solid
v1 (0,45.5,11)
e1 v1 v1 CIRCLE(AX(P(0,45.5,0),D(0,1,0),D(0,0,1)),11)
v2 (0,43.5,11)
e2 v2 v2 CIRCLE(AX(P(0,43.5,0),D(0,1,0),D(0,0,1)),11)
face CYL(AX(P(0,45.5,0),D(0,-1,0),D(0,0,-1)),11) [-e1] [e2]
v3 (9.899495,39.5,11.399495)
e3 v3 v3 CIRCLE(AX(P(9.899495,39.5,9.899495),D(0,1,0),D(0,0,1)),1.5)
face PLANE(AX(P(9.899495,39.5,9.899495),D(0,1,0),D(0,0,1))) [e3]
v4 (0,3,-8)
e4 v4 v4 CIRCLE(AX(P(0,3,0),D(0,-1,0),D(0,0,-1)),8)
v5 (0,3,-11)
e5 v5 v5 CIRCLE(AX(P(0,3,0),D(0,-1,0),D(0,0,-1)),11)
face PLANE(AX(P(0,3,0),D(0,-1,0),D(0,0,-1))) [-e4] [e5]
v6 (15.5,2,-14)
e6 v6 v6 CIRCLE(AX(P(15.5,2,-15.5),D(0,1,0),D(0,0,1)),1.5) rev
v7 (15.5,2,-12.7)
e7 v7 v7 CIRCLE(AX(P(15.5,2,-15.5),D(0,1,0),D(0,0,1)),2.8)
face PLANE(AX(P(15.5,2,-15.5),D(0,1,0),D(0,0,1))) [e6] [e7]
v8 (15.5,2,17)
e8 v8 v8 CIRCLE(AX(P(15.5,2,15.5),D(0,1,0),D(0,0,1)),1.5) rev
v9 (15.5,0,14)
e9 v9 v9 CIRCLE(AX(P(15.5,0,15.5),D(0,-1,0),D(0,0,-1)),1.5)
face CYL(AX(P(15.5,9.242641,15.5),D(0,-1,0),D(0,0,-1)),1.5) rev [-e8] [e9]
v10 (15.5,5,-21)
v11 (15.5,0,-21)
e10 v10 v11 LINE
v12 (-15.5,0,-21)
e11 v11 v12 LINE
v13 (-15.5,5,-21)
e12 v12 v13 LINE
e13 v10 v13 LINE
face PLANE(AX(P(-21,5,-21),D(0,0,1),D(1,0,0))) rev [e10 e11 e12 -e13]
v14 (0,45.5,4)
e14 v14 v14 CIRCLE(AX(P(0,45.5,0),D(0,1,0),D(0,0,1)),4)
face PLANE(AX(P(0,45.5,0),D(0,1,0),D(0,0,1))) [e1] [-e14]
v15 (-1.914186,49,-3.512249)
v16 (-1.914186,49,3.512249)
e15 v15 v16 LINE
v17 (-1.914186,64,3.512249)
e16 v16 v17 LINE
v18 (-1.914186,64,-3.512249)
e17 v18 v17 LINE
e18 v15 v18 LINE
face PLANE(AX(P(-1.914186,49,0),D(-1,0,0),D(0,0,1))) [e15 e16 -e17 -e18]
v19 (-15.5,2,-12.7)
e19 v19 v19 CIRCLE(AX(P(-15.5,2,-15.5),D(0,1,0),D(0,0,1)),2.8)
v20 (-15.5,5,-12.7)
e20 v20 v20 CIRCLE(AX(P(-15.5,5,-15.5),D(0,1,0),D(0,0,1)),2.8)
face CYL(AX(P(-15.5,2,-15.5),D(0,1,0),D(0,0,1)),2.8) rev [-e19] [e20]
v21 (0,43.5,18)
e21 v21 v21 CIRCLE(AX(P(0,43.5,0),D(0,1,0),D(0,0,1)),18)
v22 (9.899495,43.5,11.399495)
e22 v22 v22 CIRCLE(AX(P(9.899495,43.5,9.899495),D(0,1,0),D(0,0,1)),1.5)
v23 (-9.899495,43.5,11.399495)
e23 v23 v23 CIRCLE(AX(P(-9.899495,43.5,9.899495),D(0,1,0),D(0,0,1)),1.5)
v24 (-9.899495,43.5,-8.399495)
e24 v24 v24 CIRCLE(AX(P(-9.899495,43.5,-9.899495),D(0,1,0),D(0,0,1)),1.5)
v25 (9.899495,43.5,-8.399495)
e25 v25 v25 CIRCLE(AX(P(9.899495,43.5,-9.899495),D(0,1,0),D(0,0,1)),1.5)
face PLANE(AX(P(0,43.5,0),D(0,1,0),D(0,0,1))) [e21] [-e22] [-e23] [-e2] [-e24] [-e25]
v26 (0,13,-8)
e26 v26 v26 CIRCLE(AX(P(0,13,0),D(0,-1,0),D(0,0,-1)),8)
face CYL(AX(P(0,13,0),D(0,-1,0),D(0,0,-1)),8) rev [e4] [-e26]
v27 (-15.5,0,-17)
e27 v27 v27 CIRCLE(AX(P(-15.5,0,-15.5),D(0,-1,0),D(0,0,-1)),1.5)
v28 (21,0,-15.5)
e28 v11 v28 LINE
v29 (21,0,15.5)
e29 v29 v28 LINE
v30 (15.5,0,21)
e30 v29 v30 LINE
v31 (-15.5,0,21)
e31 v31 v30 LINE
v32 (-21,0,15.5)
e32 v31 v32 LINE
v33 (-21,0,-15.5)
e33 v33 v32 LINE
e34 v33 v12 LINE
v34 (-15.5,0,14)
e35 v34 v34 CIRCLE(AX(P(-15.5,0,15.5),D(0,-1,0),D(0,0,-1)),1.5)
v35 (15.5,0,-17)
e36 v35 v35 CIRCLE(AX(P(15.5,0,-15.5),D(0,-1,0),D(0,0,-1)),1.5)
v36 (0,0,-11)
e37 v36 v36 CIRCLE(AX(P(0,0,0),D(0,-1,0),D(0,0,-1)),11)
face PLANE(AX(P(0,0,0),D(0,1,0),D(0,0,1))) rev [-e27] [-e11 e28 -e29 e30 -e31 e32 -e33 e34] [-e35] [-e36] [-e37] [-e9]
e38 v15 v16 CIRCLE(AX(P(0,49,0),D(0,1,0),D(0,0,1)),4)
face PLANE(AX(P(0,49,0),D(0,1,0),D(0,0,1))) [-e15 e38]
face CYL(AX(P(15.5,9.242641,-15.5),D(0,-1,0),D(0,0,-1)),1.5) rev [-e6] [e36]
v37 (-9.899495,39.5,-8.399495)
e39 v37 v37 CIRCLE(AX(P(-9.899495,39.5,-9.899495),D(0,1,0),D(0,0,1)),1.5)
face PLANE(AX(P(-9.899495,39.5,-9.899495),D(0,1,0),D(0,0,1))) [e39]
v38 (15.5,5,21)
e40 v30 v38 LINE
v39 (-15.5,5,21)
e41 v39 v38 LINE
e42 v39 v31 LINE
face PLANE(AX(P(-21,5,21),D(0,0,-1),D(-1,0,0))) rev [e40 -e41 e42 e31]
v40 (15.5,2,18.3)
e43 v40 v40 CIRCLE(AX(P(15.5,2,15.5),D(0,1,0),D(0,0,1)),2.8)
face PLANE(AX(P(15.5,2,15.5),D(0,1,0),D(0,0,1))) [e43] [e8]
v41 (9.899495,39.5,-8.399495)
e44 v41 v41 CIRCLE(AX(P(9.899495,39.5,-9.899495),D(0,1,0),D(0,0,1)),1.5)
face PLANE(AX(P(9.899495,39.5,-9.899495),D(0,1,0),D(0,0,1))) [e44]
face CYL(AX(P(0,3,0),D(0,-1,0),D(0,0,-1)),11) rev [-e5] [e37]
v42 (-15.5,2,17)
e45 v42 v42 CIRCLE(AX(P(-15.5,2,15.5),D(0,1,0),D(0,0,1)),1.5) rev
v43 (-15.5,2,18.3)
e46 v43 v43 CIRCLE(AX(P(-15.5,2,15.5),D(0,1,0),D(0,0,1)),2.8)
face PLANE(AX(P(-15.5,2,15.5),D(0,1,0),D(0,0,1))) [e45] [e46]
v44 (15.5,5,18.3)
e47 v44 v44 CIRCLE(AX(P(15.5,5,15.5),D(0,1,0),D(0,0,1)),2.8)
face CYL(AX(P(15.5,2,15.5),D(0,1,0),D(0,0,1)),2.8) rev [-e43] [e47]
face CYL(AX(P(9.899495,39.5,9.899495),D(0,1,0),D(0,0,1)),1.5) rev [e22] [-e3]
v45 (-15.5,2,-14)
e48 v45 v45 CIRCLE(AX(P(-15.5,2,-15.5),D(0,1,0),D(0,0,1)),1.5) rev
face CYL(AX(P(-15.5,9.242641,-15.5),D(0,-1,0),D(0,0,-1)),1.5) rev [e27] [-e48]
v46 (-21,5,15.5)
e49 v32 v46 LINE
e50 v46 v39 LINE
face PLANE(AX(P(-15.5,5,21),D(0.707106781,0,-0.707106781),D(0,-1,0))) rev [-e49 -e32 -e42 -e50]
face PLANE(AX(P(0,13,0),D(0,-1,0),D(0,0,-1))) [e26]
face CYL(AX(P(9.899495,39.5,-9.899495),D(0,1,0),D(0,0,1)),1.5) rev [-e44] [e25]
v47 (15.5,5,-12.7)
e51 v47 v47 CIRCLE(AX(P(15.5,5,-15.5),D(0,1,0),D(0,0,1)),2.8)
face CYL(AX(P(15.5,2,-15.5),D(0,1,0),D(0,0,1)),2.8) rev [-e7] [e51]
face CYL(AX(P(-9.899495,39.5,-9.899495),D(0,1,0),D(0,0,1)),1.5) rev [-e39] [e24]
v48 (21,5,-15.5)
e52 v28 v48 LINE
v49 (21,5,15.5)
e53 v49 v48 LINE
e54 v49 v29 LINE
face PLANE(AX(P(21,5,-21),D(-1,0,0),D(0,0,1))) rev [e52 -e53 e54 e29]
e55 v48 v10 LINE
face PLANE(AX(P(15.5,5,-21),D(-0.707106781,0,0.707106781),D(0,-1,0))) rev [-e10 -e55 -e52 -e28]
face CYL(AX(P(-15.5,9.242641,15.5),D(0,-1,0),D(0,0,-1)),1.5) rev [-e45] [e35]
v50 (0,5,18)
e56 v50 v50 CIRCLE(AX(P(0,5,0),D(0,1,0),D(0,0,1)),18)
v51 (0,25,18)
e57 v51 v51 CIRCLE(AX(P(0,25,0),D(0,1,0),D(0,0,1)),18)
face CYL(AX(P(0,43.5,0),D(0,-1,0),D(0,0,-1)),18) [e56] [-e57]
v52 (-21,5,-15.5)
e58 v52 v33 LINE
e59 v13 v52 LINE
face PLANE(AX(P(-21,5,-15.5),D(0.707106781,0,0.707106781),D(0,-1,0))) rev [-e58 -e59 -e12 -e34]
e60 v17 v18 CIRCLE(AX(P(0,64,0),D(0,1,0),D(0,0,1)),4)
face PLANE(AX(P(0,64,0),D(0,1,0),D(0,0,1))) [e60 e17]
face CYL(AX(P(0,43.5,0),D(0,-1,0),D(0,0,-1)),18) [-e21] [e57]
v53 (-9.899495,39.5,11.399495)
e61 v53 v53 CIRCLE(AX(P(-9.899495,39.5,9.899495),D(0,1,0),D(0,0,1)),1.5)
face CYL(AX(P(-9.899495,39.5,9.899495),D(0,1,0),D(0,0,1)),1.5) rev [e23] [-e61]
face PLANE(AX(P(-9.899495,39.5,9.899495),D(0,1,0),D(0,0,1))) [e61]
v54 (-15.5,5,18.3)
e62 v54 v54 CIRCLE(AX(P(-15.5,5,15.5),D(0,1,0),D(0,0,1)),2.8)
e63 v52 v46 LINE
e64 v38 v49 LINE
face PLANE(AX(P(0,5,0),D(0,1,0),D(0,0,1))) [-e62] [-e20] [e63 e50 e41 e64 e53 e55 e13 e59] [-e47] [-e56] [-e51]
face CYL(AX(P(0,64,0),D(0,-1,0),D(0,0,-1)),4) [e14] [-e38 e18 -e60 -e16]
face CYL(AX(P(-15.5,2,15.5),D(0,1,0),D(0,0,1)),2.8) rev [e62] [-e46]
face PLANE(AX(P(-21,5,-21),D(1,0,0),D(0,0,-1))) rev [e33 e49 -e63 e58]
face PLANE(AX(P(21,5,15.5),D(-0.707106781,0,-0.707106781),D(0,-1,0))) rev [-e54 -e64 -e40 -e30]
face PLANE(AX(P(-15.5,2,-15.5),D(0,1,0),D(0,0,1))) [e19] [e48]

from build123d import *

# Parameters (mm, degrees)
SKETCH_1_W          = 42
SKETCH_1_H          = 42
EXTRUDE_1_DEPTH     = 5
CHAMFER_1_SIZE      = 5.5
SKETCH_2_R          = 1.5
CUT_EXTRUDE_1_DEPTH = 5
SKETCH_3_R          = 18
EXTRUDE_2_DEPTH     = 38.5
SKETCH_4_R          = 1.5
CUT_EXTRUDE_2_DEPTH = 4
SKETCH_6_R          = 11
EXTRUDE_3_DEPTH     = 2
SKETCH_7_R          = 4
EXTRUDE_4_DEPTH     = 18.5
SKETCH_8_R          = 11
CUT_EXTRUDE_3_DEPTH = 3
SKETCH_9_R          = 8
CUT_EXTRUDE_4_DEPTH = 10
CUT_EXTRUDE_START   = -15
CUT_EXTRUDE_5_DEPTH = 15
SKETCH_12_R         = 2.8
CUT_EXTRUDE_6_DEPTH = 3


with BuildPart() as part:
    # 草图1 → 凸台-拉伸1 (new body)
    with BuildSketch(Plane(origin=(0, 0, 0), x_dir=(1, 0, 0), z_dir=(0, 1, 0))):
        Rectangle(SKETCH_1_W, SKETCH_1_H)
    extrude(amount=EXTRUDE_1_DEPTH)

    # 倒角1
    chamfer_1_edges = [part.edges().sort_by_distance(p)[0] for p in [
        (21, 2.5, 21),
        (-21, 2.5, 21),
        (-21, 2.5, -21),
        (21, 2.5, -21),
    ]]
    chamfer(chamfer_1_edges, length=CHAMFER_1_SIZE)

    # 草图2 → 切除-拉伸1 (cut)
    with BuildSketch(Plane.XZ):
        with Locations(Location((-15.5, 15.5, 0), (0, 0, 270))):
            Circle(SKETCH_2_R)
        with Locations(Location((15.5, 15.5, 0), (0, 0, 270))):
            Circle(SKETCH_2_R)
        with Locations(Location((15.5, -15.5, 0), (0, 0, 270))):
            Circle(SKETCH_2_R)
        with Locations(Location((-15.5, -15.5, 0), (0, 0, 270))):
            Circle(SKETCH_2_R)
    extrude(amount=-CUT_EXTRUDE_1_DEPTH, mode=Mode.SUBTRACT)

    # 草图3 → 凸台-拉伸2 (add)
    with BuildSketch(Plane(origin=(0, 5, 0), x_dir=(1, 0, 0), z_dir=(0, 1, 0))):
        with Locations(Location((0, 0, 0), (0, 0, 270))):
            Circle(SKETCH_3_R)
    extrude(amount=EXTRUDE_2_DEPTH)

    # 草图4 → 切除-拉伸2 (cut)
    with BuildSketch(Plane(origin=(0, 43.5, 0), x_dir=(1, 0, 0), z_dir=(0, 1, 0))):
        with Locations(Location((-9.899494937, 9.899494937, 0), (0, 0, 270))):
            Circle(SKETCH_4_R)
        with Locations(Location((9.899494937, 9.899494937, 0), (0, 0, 270))):
            Circle(SKETCH_4_R)
        with Locations(Location((9.899494937, -9.899494937, 0), (0, 0, 270))):
            Circle(SKETCH_4_R)
        with Locations(Location((-9.899494937, -9.899494937, 0), (0, 0, 270))):
            Circle(SKETCH_4_R)
    extrude(amount=-CUT_EXTRUDE_2_DEPTH, mode=Mode.SUBTRACT)

    # 草图6 → 凸台-拉伸3 (add)
    with BuildSketch(Plane(origin=(0, 43.5, 0), x_dir=(1, 0, 0), z_dir=(0, 1, 0))):
        with Locations(Location((0, 0, 0), (0, 0, 270))):
            Circle(SKETCH_6_R)
    extrude(amount=EXTRUDE_3_DEPTH)

    # 草图7 → 凸台-拉伸4 (add)
    with BuildSketch(Plane(origin=(0, 45.5, 0), x_dir=(1, 0, 0), z_dir=(0, 1, 0))):
        with Locations(Location((0, 0, 0), (0, 0, 270))):
            Circle(SKETCH_7_R)
    extrude(amount=EXTRUDE_4_DEPTH)

    # 草图8 → 切除-拉伸3 (cut)
    with BuildSketch(Plane.XZ):
        with Locations(Location((0, 0, 0), (0, 0, 90))):
            Circle(SKETCH_8_R)
    extrude(amount=-CUT_EXTRUDE_3_DEPTH, mode=Mode.SUBTRACT)

    # 草图9 → 切除-拉伸4 (cut)
    with BuildSketch(Plane.XZ.offset(-3)):
        with Locations(Location((0, 0, 0), (0, 0, 270))):
            Circle(SKETCH_9_R)
    extrude(amount=-CUT_EXTRUDE_4_DEPTH, mode=Mode.SUBTRACT)

    # 草图11 → 切除-拉伸5 (cut)
    with BuildSketch(Plane(origin=(0, 64, 0), x_dir=(1, 0, 0), z_dir=(0, 1, 0)).offset(CUT_EXTRUDE_START)):
        with BuildLine():
            Line((-1.914185744, -3.512248986), (-1.914185744, 3.512248986))
            ThreePointArc((-1.914185744, 3.512248986), (-4, 0), (-1.914185744, -3.512248986))
        make_face()
    extrude(amount=CUT_EXTRUDE_5_DEPTH, mode=Mode.SUBTRACT)

    # 草图12 → 切除-拉伸6 (cut)
    with BuildSketch(Plane(origin=(0, 5, 0), x_dir=(1, 0, 0), z_dir=(0, 1, 0))):
        with Locations(Location((-15.5, 15.5, 0), (0, 0, 270))):
            Circle(SKETCH_12_R)
        with Locations(Location((15.5, 15.5, 0), (0, 0, 270))):
            Circle(SKETCH_12_R)
        with Locations(Location((-15.5, -15.5, 0), (0, 0, 270))):
            Circle(SKETCH_12_R)
        with Locations(Location((15.5, -15.5, 0), (0, 0, 270))):
            Circle(SKETCH_12_R)
    extrude(amount=-CUT_EXTRUDE_6_DEPTH, mode=Mode.SUBTRACT)


solid = part.part
